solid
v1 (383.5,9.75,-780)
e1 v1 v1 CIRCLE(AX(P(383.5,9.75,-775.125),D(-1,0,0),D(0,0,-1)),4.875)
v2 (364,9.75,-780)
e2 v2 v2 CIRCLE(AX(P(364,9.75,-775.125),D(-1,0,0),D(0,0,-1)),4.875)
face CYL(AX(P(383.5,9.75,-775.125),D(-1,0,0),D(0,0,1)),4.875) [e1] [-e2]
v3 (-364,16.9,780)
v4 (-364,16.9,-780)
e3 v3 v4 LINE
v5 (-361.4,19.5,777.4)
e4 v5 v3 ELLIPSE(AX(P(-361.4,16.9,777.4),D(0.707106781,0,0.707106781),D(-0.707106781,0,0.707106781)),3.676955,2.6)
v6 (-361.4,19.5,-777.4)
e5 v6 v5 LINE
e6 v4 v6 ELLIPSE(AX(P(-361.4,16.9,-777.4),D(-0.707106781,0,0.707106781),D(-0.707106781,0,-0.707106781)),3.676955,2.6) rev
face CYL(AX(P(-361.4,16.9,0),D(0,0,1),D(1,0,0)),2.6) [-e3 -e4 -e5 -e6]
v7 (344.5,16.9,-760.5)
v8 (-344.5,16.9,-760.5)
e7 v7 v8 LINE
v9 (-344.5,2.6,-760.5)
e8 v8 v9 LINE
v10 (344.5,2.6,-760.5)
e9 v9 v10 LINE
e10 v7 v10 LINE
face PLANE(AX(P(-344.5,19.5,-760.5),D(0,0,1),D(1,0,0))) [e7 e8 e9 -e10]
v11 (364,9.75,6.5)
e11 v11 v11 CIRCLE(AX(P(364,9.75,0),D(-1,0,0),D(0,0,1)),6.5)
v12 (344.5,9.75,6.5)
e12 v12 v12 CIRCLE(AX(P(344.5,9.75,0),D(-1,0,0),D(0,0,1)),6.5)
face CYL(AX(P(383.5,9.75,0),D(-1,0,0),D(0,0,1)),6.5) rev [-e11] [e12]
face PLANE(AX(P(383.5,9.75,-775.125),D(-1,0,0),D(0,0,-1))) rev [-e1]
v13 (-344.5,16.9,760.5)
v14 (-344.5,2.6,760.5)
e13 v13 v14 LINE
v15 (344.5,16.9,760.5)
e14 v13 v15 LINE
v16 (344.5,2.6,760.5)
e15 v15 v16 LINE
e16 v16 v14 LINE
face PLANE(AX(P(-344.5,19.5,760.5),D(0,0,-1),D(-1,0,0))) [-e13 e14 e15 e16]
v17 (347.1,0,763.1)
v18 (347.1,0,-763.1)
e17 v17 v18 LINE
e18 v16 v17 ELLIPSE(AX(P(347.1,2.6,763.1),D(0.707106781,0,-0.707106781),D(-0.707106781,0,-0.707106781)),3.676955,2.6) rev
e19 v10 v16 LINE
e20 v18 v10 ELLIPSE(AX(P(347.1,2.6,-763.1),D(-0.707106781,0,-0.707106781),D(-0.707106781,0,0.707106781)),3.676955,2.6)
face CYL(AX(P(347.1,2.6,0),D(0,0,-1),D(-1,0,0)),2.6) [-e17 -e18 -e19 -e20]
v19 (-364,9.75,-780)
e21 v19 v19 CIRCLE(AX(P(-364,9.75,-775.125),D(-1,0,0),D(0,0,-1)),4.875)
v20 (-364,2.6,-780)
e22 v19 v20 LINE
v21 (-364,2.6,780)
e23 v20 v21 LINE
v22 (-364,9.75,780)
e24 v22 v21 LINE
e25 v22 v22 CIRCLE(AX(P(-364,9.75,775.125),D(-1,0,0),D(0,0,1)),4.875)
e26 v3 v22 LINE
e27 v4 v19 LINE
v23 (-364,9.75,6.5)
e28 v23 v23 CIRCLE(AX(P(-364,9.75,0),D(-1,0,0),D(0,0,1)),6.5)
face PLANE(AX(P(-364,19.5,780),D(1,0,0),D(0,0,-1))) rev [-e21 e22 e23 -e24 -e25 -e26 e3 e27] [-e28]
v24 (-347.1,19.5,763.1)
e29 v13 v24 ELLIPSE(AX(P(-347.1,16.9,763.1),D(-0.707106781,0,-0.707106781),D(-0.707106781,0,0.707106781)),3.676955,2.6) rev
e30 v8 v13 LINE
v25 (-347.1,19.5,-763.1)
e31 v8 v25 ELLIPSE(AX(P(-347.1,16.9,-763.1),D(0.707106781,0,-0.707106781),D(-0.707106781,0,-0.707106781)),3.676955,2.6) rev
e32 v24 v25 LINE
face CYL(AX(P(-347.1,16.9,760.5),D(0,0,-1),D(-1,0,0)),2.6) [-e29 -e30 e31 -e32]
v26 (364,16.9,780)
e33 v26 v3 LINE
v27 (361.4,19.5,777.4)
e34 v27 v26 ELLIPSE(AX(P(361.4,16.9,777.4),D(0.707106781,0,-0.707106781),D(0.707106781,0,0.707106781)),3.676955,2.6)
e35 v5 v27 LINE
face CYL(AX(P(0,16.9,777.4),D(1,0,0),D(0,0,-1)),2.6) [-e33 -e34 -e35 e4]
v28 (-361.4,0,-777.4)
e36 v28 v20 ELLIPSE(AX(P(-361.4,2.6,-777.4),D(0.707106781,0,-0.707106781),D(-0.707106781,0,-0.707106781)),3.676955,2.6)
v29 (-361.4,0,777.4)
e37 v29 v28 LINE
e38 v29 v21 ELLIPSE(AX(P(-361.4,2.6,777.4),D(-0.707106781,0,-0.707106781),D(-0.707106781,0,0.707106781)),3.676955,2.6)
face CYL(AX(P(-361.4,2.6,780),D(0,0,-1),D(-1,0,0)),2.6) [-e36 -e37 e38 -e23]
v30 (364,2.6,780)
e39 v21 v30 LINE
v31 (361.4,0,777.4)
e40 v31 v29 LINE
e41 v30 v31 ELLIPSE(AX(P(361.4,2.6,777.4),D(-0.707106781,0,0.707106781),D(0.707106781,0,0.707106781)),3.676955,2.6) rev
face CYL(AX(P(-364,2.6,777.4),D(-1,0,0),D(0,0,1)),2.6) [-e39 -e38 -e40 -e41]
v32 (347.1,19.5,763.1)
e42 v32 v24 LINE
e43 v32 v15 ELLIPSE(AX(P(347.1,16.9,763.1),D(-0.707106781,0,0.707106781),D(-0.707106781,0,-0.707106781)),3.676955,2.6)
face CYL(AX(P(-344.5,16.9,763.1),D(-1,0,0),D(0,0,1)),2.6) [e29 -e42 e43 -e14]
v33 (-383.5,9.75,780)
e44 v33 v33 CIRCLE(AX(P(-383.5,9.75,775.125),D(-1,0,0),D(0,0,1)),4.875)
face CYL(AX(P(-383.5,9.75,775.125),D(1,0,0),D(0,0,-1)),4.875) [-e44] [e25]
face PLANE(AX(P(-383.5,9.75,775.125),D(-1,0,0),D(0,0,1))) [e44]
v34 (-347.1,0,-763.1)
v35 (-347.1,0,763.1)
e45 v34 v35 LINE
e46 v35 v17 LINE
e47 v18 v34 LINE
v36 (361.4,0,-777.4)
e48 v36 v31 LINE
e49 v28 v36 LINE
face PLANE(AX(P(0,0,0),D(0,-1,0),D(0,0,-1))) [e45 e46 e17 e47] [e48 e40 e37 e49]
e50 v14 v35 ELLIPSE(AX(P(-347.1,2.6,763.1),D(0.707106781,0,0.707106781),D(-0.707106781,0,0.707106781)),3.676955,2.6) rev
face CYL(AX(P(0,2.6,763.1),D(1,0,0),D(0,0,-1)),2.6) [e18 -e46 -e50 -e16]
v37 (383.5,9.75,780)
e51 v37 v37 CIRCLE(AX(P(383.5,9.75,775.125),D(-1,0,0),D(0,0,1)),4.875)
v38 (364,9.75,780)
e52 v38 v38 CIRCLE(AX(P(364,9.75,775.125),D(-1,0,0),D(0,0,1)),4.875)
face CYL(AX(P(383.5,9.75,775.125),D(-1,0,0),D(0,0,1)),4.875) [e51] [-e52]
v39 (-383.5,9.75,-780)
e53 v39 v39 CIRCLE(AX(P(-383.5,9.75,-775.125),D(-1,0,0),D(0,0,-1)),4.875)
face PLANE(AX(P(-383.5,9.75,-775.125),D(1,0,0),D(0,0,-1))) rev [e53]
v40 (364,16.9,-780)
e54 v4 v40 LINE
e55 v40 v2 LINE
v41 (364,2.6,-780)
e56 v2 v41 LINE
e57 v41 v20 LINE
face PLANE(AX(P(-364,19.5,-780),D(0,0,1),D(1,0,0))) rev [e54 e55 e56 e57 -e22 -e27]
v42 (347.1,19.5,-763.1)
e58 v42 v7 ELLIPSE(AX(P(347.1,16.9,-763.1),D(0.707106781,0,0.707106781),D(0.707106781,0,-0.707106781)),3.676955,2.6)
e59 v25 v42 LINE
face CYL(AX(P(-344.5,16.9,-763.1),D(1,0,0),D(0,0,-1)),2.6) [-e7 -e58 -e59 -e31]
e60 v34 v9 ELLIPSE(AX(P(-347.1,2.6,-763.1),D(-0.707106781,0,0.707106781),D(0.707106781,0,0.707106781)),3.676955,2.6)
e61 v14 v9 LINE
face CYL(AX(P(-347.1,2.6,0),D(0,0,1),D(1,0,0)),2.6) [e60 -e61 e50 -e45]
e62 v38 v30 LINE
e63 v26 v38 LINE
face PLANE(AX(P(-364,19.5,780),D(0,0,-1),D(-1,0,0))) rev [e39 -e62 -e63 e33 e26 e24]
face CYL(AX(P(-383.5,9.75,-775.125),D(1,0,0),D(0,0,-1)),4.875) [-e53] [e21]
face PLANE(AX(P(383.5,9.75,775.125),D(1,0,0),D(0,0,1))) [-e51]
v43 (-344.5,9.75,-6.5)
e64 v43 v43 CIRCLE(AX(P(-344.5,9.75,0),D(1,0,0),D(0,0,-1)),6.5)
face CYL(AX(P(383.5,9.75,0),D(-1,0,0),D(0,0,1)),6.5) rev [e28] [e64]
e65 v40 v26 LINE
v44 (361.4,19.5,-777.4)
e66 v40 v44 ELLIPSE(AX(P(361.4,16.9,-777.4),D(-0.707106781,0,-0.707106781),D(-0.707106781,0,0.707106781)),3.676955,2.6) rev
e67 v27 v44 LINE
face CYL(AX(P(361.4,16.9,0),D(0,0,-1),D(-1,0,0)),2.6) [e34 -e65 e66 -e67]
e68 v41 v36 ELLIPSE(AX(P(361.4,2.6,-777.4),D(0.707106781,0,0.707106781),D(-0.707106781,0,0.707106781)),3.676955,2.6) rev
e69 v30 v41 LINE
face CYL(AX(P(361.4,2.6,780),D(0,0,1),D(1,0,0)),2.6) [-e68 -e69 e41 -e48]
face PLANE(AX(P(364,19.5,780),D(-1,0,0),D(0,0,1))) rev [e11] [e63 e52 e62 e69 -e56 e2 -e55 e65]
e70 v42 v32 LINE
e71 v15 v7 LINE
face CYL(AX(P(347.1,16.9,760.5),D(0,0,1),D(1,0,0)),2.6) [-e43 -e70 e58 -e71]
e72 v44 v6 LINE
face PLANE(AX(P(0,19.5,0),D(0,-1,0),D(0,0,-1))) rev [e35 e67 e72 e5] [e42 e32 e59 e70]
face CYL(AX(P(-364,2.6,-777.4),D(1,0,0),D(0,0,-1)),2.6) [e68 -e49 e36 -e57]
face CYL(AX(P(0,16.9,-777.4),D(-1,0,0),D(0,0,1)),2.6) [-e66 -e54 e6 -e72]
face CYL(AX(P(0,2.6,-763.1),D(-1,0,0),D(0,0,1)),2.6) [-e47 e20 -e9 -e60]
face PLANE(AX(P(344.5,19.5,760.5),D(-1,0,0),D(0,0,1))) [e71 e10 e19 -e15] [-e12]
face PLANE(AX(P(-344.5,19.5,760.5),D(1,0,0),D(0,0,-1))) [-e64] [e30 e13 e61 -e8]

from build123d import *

# Parameters (mm, degrees)
CROQUIS1_W              = 560
CROQUIS1_H              = 1200
CROQUIS1_W_2            = 530
CROQUIS1_H_2            = 1170
SALIENTE_EXTRUIR1_DEPTH = 15
REDONDEO1_R             = 2
REDONDEO2_R             = 2
CROQUIS2_R              = 3.75
SALIENTE_EXTRUIR2_DEPTH = 15
CROQUIS3_R              = 5
CORTAR_EXTRUIR1_DEPTH   = 576
ESCALA1_SCALE           = 1.3


with BuildPart() as part:
    # Croquis1 → Saliente-Extruir1 (new body)
    with BuildSketch(Plane(origin=(0, 0, 0), x_dir=(1, 0, 0), z_dir=(0, 1, 0))):
        Rectangle(CROQUIS1_W, CROQUIS1_H)
        Rectangle(CROQUIS1_W_2, CROQUIS1_H_2, mode=Mode.SUBTRACT)
    extrude(amount=SALIENTE_EXTRUIR1_DEPTH)

    # Redondeo1
    redondeo1_edges = [part.edges().sort_by_distance(p)[0] for p in [
        (-280, 15, 0),
        (265, 15, 0),
        (0, 15, 600),
        (0, 15, -585),
        (-265, 15, 0),
        (0, 15, 585),
        (280, 15, 0),
        (0, 15, -600),
    ]]
    fillet(redondeo1_edges, radius=REDONDEO1_R)

    # Redondeo2
    redondeo2_edges = [part.edges().sort_by_distance(p)[0] for p in [
        (265, 0, 0),
        (0, 0, -585),
        (-265, 0, 0),
        (0, 0, 585),
        (0, 0, 600),
        (-280, 0, 0),
        (0, 0, -600),
        (280, 0, 0),
    ]]
    fillet(redondeo2_edges, radius=REDONDEO2_R)

    # Croquis2 → Saliente-Extruir2 (add)
    with BuildSketch(Plane.ZY.offset(280)):
        with Locations((596.25, 7.5)):
            Circle(CROQUIS2_R)
        with Locations((-596.25, 7.5)):
            Circle(CROQUIS2_R)
    saliente_extruir2 = extrude(amount=SALIENTE_EXTRUIR2_DEPTH)

    # Simetría1: Saliente-Extruir2 across plane
    add(saliente_extruir2.mirror(Plane(origin=(0, 0, 0), x_dir=(0, 0, 1), z_dir=(1, 0, 0))))

    # Croquis3 → Cortar-Extruir1 (cut, through all)
    with BuildSketch(Plane.ZY.offset(280)):
        with Locations((0, 7.5)):
            Circle(CROQUIS3_R)
    extrude(amount=-CORTAR_EXTRUIR1_DEPTH, mode=Mode.SUBTRACT)


with BuildPart() as part_1:
    # Escala1: scaled about (0, 0, 0)
    add(part.part.scale(ESCALA1_SCALE))


solid = part_1.part
